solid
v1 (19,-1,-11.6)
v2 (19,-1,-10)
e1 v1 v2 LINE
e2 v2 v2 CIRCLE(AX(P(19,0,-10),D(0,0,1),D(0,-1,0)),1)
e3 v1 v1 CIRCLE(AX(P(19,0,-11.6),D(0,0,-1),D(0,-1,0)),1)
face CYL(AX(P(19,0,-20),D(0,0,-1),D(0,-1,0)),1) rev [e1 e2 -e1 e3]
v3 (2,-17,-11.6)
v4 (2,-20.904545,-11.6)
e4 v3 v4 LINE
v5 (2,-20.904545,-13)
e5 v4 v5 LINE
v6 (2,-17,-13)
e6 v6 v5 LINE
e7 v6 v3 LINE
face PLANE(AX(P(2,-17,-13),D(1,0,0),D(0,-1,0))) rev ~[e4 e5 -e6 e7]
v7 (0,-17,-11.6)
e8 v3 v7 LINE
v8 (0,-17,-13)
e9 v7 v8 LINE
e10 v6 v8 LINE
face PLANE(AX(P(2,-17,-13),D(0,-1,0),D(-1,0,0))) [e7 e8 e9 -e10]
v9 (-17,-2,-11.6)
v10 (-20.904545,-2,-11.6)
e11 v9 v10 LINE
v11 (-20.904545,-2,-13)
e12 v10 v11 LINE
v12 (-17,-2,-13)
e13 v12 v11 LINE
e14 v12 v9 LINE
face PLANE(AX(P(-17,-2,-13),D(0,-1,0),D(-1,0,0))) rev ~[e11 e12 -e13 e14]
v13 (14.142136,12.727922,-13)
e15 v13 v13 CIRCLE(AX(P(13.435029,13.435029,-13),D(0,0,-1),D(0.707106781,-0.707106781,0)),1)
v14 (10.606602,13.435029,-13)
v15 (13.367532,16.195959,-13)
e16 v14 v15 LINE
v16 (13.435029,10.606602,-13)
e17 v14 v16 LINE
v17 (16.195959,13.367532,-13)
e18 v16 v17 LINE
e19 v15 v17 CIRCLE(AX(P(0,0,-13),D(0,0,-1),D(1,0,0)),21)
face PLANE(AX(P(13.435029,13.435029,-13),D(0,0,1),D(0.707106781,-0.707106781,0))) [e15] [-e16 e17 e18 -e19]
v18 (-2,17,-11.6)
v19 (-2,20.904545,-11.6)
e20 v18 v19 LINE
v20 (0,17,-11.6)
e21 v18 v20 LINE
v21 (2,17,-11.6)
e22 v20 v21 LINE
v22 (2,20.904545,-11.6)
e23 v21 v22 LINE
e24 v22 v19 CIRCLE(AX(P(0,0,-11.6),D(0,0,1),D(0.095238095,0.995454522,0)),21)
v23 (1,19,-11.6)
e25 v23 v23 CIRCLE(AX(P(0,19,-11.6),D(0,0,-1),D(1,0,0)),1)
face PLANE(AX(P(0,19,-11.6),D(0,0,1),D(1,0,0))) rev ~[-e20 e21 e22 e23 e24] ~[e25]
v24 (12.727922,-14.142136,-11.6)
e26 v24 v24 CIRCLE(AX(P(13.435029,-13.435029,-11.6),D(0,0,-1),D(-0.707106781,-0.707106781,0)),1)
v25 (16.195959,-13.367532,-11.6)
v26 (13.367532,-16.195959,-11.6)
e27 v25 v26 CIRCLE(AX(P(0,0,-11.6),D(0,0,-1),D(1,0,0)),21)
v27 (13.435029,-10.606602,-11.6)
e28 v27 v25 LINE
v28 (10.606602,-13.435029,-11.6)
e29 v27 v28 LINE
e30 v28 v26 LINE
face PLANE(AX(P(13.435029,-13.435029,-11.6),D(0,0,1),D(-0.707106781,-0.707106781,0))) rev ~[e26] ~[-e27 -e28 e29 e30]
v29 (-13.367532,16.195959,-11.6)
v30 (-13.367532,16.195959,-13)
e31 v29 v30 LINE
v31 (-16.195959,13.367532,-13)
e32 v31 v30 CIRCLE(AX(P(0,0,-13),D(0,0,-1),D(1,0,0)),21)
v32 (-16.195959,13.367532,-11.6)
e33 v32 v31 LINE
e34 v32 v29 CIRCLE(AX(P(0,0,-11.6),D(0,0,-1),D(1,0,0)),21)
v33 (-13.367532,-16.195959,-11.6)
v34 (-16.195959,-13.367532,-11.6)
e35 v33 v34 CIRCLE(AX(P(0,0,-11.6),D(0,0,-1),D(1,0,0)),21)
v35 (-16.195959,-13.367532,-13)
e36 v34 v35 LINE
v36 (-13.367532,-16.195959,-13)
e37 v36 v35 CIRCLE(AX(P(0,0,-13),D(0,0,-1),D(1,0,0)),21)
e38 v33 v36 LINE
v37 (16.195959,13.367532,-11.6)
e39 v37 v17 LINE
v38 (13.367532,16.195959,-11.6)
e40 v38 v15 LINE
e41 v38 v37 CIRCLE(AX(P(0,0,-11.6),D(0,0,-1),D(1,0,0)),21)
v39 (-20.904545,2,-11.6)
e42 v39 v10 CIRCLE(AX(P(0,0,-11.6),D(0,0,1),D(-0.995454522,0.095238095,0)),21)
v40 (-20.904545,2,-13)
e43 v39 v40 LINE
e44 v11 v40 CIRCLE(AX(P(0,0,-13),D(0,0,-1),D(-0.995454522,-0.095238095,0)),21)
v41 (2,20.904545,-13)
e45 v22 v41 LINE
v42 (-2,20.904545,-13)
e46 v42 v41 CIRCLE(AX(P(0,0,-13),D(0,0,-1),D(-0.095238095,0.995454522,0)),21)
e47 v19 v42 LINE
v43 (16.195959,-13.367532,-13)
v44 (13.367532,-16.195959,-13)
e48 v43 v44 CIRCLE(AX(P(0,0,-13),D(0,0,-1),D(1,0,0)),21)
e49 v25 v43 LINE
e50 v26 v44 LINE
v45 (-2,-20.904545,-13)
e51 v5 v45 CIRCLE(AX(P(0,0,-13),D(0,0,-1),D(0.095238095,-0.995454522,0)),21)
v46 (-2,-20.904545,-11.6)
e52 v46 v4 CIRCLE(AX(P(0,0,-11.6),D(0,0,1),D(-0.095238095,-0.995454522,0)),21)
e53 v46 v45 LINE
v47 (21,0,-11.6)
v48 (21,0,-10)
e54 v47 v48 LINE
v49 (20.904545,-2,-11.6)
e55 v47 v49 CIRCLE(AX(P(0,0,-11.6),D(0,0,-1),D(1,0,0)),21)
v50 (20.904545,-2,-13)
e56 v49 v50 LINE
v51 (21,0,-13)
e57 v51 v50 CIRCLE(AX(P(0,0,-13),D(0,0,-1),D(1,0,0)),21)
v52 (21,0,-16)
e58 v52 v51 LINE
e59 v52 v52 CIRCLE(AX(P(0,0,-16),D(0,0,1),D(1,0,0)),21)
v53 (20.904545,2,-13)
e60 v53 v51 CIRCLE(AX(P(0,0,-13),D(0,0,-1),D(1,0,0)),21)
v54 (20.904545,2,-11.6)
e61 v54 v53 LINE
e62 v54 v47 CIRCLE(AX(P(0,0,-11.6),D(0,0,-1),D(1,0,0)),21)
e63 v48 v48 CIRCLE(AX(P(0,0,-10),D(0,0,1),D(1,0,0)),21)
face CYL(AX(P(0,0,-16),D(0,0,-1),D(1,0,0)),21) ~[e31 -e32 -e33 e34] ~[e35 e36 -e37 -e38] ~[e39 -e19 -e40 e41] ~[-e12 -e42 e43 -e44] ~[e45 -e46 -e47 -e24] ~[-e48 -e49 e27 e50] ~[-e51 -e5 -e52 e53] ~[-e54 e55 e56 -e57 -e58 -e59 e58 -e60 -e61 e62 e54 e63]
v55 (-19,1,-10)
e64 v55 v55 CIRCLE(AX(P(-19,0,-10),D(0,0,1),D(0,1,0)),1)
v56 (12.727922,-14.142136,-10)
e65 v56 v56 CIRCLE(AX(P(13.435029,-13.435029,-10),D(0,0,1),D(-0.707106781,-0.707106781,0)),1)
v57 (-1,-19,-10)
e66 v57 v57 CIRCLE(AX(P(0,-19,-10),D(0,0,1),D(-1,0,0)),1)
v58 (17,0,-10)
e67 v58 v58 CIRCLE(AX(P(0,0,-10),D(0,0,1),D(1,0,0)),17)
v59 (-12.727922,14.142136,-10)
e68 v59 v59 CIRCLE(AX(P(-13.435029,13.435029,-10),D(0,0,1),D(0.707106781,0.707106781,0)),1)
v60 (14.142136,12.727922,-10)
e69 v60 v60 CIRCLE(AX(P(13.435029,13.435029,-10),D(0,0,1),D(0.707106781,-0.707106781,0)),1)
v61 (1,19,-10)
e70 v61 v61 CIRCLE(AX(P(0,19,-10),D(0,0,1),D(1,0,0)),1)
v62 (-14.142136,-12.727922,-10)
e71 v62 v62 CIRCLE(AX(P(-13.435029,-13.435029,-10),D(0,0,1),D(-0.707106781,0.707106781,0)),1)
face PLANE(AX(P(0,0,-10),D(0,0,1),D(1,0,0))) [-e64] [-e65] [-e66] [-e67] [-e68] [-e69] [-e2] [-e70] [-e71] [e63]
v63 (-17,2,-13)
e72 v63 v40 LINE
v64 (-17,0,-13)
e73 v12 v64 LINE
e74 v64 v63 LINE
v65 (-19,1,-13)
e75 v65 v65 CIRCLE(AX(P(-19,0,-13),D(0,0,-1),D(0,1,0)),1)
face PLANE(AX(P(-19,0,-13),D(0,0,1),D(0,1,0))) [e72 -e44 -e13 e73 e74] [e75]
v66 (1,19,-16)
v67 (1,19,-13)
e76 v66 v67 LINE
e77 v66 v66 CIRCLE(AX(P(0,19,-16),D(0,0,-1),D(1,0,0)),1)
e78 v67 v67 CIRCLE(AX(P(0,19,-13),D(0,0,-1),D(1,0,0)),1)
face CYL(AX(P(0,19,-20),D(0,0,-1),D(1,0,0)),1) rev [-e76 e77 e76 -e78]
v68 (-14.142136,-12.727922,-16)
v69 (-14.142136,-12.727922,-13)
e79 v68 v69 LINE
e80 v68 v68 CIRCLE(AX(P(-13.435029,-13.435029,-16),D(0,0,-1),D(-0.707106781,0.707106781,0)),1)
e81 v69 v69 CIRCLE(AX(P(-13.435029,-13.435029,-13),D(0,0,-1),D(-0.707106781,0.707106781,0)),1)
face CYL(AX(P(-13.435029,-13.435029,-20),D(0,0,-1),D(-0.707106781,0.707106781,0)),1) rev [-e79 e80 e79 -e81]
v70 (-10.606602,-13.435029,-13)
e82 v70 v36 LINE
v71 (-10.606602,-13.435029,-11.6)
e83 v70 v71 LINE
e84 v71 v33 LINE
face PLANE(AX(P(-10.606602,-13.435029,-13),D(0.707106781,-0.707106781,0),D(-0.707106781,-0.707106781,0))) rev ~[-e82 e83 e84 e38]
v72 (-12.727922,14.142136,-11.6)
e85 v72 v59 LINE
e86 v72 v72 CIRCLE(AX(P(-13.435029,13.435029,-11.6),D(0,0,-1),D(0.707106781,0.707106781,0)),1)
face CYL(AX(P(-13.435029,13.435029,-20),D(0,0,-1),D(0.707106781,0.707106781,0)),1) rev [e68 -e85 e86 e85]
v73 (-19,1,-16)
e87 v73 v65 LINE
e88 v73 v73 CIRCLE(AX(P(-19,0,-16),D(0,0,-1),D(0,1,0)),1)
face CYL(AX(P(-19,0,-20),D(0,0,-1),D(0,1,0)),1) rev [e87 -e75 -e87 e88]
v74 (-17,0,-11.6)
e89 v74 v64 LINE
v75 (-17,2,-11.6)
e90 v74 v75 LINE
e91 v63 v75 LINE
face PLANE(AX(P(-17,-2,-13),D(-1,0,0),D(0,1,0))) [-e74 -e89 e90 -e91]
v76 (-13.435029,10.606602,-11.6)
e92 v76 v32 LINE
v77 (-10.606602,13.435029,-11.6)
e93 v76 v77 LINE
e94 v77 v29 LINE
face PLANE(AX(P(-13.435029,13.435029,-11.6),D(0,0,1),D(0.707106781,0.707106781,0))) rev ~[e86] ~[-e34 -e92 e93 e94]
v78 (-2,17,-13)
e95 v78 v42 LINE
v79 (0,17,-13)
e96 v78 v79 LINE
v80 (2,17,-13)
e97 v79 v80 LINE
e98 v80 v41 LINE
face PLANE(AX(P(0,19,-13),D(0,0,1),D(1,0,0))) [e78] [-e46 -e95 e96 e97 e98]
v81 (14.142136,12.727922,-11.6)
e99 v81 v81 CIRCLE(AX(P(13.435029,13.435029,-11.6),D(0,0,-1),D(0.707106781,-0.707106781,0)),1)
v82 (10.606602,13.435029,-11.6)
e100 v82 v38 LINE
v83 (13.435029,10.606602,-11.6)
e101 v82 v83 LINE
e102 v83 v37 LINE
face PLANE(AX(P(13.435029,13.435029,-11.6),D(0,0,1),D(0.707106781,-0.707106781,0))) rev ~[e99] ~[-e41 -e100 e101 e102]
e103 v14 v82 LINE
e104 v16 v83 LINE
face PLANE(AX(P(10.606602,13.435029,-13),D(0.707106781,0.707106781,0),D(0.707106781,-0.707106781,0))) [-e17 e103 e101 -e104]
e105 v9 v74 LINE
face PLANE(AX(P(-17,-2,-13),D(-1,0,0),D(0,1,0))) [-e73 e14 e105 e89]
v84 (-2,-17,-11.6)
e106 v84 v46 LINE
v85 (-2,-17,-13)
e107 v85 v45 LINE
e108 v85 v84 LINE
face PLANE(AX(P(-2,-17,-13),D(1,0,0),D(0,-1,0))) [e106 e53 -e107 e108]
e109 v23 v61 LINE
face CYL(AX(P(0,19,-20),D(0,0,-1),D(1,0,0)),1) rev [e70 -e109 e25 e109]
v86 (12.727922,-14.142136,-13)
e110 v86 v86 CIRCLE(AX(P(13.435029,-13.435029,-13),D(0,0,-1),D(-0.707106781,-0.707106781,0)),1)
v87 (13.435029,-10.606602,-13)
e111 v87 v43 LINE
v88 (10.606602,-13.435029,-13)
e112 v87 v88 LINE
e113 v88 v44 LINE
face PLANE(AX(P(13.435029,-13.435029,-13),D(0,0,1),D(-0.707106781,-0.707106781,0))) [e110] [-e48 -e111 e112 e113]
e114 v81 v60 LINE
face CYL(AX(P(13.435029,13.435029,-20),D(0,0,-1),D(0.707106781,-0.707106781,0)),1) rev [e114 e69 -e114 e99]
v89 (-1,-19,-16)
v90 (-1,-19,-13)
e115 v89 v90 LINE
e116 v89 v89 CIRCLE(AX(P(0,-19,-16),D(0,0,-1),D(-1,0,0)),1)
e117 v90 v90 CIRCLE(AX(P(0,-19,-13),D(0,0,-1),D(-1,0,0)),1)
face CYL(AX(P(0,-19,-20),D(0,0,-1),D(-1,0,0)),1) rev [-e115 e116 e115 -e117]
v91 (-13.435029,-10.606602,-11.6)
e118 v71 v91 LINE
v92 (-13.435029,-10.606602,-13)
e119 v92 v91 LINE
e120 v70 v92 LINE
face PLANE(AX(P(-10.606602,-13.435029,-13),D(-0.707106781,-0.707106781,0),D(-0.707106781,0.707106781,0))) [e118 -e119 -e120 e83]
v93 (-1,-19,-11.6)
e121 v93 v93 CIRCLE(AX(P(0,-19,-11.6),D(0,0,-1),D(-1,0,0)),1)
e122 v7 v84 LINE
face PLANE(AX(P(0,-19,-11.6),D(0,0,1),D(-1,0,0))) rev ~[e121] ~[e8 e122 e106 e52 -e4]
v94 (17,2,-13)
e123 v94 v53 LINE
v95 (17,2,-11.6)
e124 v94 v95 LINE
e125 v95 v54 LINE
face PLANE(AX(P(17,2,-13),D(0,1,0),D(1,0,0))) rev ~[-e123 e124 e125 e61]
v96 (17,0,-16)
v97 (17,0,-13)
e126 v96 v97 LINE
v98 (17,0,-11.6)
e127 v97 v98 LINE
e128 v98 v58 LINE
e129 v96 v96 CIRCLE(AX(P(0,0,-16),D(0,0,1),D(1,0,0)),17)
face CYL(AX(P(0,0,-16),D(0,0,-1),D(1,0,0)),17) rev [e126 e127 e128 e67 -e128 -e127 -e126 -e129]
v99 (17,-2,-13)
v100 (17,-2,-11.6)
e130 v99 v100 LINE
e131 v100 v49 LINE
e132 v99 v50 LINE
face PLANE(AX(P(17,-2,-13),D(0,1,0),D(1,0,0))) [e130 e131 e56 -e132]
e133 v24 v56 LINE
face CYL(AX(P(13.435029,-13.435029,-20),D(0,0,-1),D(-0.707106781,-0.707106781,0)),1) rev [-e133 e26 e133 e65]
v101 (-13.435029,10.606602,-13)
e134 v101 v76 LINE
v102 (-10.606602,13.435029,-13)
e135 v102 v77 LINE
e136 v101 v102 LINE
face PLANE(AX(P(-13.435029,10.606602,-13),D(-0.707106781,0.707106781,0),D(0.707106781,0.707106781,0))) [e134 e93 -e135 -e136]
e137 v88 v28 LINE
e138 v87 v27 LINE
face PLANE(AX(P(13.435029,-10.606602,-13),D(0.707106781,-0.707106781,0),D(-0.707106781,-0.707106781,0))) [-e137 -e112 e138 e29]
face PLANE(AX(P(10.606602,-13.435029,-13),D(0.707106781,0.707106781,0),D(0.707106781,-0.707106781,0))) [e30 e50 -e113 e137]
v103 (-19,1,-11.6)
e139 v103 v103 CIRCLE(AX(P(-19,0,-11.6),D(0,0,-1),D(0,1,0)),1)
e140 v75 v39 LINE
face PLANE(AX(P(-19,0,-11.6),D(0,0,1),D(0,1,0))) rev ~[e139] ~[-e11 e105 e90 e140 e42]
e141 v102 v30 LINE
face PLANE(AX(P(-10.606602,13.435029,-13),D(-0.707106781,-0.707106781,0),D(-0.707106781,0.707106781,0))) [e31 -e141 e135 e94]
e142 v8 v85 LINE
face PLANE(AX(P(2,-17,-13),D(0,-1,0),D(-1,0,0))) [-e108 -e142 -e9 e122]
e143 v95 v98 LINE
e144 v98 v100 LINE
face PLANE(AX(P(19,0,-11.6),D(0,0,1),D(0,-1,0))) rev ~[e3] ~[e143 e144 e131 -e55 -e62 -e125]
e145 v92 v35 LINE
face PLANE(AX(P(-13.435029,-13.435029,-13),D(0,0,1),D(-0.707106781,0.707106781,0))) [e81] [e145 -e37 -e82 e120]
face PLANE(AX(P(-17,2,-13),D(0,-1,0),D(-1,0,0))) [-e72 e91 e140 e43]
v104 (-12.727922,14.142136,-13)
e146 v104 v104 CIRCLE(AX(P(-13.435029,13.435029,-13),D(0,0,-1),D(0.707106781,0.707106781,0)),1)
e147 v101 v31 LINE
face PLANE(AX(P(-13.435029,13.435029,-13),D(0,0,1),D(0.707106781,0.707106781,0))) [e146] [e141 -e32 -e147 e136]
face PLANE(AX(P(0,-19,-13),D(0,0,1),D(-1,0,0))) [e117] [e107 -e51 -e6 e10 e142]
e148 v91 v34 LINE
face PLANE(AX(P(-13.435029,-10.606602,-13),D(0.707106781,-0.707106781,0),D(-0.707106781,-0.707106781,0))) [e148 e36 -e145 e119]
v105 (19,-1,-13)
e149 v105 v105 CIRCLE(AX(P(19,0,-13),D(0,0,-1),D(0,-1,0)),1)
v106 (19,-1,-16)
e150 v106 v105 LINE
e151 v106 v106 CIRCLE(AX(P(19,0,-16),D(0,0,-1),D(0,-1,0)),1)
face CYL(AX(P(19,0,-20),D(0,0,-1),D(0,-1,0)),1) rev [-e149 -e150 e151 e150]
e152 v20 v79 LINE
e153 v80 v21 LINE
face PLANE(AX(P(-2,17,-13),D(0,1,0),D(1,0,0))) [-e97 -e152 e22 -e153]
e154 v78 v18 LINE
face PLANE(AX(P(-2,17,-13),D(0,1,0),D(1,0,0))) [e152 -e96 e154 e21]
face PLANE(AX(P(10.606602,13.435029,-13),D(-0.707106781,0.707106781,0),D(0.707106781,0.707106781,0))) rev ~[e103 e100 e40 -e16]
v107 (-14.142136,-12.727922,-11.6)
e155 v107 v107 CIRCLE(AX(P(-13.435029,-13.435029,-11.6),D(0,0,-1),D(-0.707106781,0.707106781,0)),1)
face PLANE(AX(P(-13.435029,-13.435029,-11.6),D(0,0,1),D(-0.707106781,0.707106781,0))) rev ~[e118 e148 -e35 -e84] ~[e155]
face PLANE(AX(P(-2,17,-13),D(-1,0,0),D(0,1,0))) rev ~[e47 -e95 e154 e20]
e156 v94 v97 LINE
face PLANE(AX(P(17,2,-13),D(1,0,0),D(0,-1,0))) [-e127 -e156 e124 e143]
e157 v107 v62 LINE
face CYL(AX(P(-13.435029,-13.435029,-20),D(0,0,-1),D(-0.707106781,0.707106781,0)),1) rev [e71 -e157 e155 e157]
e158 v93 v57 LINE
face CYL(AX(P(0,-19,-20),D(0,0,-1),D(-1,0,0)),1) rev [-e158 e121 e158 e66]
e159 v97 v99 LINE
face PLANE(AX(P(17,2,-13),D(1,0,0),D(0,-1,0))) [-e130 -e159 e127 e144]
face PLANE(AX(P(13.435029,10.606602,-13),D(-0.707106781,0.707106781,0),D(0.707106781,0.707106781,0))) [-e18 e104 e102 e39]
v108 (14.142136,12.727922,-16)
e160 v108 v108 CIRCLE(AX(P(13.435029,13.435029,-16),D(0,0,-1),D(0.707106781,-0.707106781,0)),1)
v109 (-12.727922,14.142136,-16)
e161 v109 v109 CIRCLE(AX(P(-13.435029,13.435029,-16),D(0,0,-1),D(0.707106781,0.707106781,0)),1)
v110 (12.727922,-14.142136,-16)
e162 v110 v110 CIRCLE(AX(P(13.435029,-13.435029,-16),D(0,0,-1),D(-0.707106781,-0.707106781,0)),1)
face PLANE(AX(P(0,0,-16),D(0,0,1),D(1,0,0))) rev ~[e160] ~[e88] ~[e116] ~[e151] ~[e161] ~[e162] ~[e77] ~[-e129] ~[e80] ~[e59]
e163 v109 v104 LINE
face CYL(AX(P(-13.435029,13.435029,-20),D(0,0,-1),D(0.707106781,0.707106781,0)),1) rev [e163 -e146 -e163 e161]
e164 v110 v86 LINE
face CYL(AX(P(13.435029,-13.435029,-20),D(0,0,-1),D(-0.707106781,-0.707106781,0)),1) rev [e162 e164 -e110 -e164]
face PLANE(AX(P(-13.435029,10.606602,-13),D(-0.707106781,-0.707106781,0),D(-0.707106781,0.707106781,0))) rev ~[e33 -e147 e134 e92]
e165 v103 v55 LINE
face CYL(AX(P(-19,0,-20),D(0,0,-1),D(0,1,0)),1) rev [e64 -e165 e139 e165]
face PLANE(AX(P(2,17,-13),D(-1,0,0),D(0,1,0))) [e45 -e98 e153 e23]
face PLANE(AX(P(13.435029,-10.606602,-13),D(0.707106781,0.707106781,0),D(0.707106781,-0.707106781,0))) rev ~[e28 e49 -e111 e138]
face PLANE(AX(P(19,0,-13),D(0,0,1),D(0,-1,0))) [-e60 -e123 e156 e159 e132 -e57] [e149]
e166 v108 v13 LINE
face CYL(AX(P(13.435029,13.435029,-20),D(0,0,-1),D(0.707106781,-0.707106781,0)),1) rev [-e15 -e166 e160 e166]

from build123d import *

# Parameters (mm, degrees)
CYLINDER2767_R               = 1
CYLINDER2767_DEPTH           = 10
CYLINDER2767_PLACEMENT_ANGLE = 45
CYLINDER2768_R               = 1
CYLINDER2768_DEPTH           = 10
CYLINDER2769_R               = 1
CYLINDER2769_DEPTH           = 10
CYLINDER2769_PLACEMENT_ANGLE = 135
CYLINDER2770_R               = 1
CYLINDER2770_DEPTH           = 10
CYLINDER2771_R               = 1
CYLINDER2771_DEPTH           = 10
CYLINDER2771_PLACEMENT_ANGLE = 225
CYLINDER2772_R               = 1
CYLINDER2772_DEPTH           = 10
CYLINDER2773_R               = 1
CYLINDER2773_DEPTH           = 10
CYLINDER2773_PLACEMENT_ANGLE = 45
CYLINDER2766_R               = 1
CYLINDER2766_DEPTH           = 10
BOX961_W                     = 4
BOX961_H                     = 4
BOX961_DEPTH                 = 1.4
BOX961_PLACEMENT_ANGLE       = 45
BOX964_W                     = 4
BOX964_H                     = 4
BOX964_DEPTH                 = 1.4
BOX962_W                     = 4
BOX962_H                     = 4
BOX962_DEPTH                 = 1.4
BOX962_PLACEMENT_ANGLE       = 135
BOX963_W                     = 4
BOX963_H                     = 4
BOX963_DEPTH                 = 1.4
BOX965_W                     = 4
BOX965_H                     = 4
BOX965_DEPTH                 = 1.4
BOX965_PLACEMENT_ANGLE       = 225
BOX967_W                     = 4
BOX967_H                     = 4
BOX967_DEPTH                 = 1.4
BOX966_W                     = 4
BOX966_H                     = 4
BOX966_DEPTH                 = 1.4
BOX966_PLACEMENT_ANGLE       = 45
BOX960_W                     = 4
BOX960_H                     = 4
BOX960_DEPTH                 = 1.4
TUBE135_R                    = 21
TUBE135_R_2                  = 17
TUBE135_DEPTH                = 6


with BuildPart() as v_lec2737:
    # Cylinder2767 → Cylinder2767 (new body)
    with BuildSketch(Plane.XY):
        Circle(CYLINDER2767_R)
    extrude(amount=CYLINDER2767_DEPTH)


with BuildPart() as v_lec2737_1:
    # Cylinder2767 placement: moved
    add(v_lec2737.part.moved(Location((-13.435029, 13.435029, -20))).rotate(Axis((-13.435029, 13.435029, -20), (0, 0, 1)), CYLINDER2767_PLACEMENT_ANGLE))


with BuildPart() as v_lec2738:
    # Cylinder2768 → Cylinder2768 (new body)
    with BuildSketch(Plane(origin=(-19, 0, -20), x_dir=(0, 1, 0), z_dir=(0, 0, 1))):
        Circle(CYLINDER2768_R)
    extrude(amount=CYLINDER2768_DEPTH)


with BuildPart() as v_lec2739:
    # Cylinder2769 → Cylinder2769 (new body)
    with BuildSketch(Plane.XY):
        Circle(CYLINDER2769_R)
    extrude(amount=CYLINDER2769_DEPTH)


with BuildPart() as v_lec2739_1:
    # Cylinder2769 placement: moved
    add(v_lec2739.part.moved(Location((-13.435029, -13.435029, -20))).rotate(Axis((-13.435029, -13.435029, -20), (0, 0, 1)), CYLINDER2769_PLACEMENT_ANGLE))


with BuildPart() as v_lec2740:
    # Cylinder2770 → Cylinder2770 (new body)
    with BuildSketch(Plane(origin=(0, -19, -20), x_dir=(-1, 0, 0), z_dir=(0, 0, 1))):
        Circle(CYLINDER2770_R)
    extrude(amount=CYLINDER2770_DEPTH)


with BuildPart() as v_lec2741:
    # Cylinder2771 → Cylinder2771 (new body)
    with BuildSketch(Plane.XY):
        Circle(CYLINDER2771_R)
    extrude(amount=CYLINDER2771_DEPTH)


with BuildPart() as v_lec2741_1:
    # Cylinder2771 placement: moved
    add(v_lec2741.part.moved(Location((13.435029, -13.435029, -20))).rotate(Axis((13.435029, -13.435029, -20), (0, 0, 1)), CYLINDER2771_PLACEMENT_ANGLE))


with BuildPart() as v_lec2742:
    # Cylinder2772 → Cylinder2772 (new body)
    with BuildSketch(Plane(origin=(19, 0, -20), x_dir=(0, -1, 0), z_dir=(0, 0, 1))):
        Circle(CYLINDER2772_R)
    extrude(amount=CYLINDER2772_DEPTH)


with BuildPart() as v_lec2743:
    # Cylinder2773 → Cylinder2773 (new body)
    with BuildSketch(Plane.XY):
        Circle(CYLINDER2773_R)
    extrude(amount=CYLINDER2773_DEPTH)


with BuildPart() as v_lec2743_1:
    # Cylinder2773 placement: moved
    add(v_lec2743.part.moved(Location((13.435029, 13.435029, -20))).rotate(Axis((13.435029, 13.435029, -20), (0, 0, -1)), CYLINDER2773_PLACEMENT_ANGLE))


with BuildPart() as compound1237:
    # Cylinder2766 → Cylinder2766 (new body)
    with BuildSketch(Plane(origin=(0, 19, -20), x_dir=(1, 0, 0), z_dir=(0, 0, 1))):
        Circle(CYLINDER2766_R)
    extrude(amount=CYLINDER2766_DEPTH)

    # Compound1237: union Válec2737, Válec2738, Válec2739, Válec2740, Válec2741, Válec2742, Válec2743
    add(v_lec2737_1.part)
    add(v_lec2738.part)
    add(v_lec2739_1.part)
    add(v_lec2740.part)
    add(v_lec2741_1.part)
    add(v_lec2742.part)
    add(v_lec2743_1.part)


with BuildPart() as krychle960:
    # Box961 → Box961 (new body)
    with BuildSketch(Plane.XY):
        with Locations((2, 2)):
            Rectangle(BOX961_W, BOX961_H)
    extrude(amount=BOX961_DEPTH)


with BuildPart() as krychle960_1:
    # Box961 placement: moved
    add(krychle960.part.moved(Location((-13.435029, 10.606602, -13))).rotate(Axis((-13.435029, 10.606602, -13), (0, 0, 1)), BOX961_PLACEMENT_ANGLE))


with BuildPart() as krychle963:
    # Box964 → Box964 (new body)
    with BuildSketch(Plane(origin=(-17, -2, -13), x_dir=(0, 1, 0), z_dir=(0, 0, 1))):
        with Locations((2, 2)):
            Rectangle(BOX964_W, BOX964_H)
    extrude(amount=BOX964_DEPTH)


with BuildPart() as krychle961:
    # Box962 → Box962 (new body)
    with BuildSketch(Plane.XY):
        with Locations((2, 2)):
            Rectangle(BOX962_W, BOX962_H)
    extrude(amount=BOX962_DEPTH)


with BuildPart() as krychle961_1:
    # Box962 placement: moved
    add(krychle961.part.moved(Location((-10.606602, -13.435029, -13))).rotate(Axis((-10.606602, -13.435029, -13), (0, 0, 1)), BOX962_PLACEMENT_ANGLE))


with BuildPart() as krychle962:
    # Box963 → Box963 (new body)
    with BuildSketch(Plane(origin=(2, -17, -13), x_dir=(-1, 0, 0), z_dir=(0, 0, 1))):
        with Locations((2, 2)):
            Rectangle(BOX963_W, BOX963_H)
    extrude(amount=BOX963_DEPTH)


with BuildPart() as krychle964:
    # Box965 → Box965 (new body)
    with BuildSketch(Plane.XY):
        with Locations((2, 2)):
            Rectangle(BOX965_W, BOX965_H)
    extrude(amount=BOX965_DEPTH)


with BuildPart() as krychle964_1:
    # Box965 placement: moved
    add(krychle964.part.moved(Location((13.435029, -10.606602, -13))).rotate(Axis((13.435029, -10.606602, -13), (0, 0, 1)), BOX965_PLACEMENT_ANGLE))


with BuildPart() as krychle966:
    # Box967 → Box967 (new body)
    with BuildSketch(Plane(origin=(17, 2, -13), x_dir=(0, -1, 0), z_dir=(0, 0, 1))):
        with Locations((2, 2)):
            Rectangle(BOX967_W, BOX967_H)
    extrude(amount=BOX967_DEPTH)


with BuildPart() as krychle965:
    # Box966 → Box966 (new body)
    with BuildSketch(Plane.XY):
        with Locations((2, 2)):
            Rectangle(BOX966_W, BOX966_H)
    extrude(amount=BOX966_DEPTH)


with BuildPart() as krychle965_1:
    # Box966 placement: moved
    add(krychle965.part.moved(Location((10.606602, 13.435029, -13))).rotate(Axis((10.606602, 13.435029, -13), (0, 0, -1)), BOX966_PLACEMENT_ANGLE))


with BuildPart() as compound1236:
    # Box960 → Box960 (new body)
    with BuildSketch(Plane(origin=(-2, 17, -13), x_dir=(1, 0, 0), z_dir=(0, 0, 1))):
        with Locations((2, 2)):
            Rectangle(BOX960_W, BOX960_H)
    extrude(amount=BOX960_DEPTH)

    # Compound1236: union Krychle960, Krychle963, Krychle961, Krychle962, Krychle964, Krychle966, Krychle965
    add(krychle960_1.part)
    add(krychle963.part)
    add(krychle961_1.part)
    add(krychle962.part)
    add(krychle964_1.part)
    add(krychle966.part)
    add(krychle965_1.part)


with BuildPart() as cut1045:
    # Tube135 → Tube135 (new body)
    with BuildSketch(Plane.XY.offset(-16)):
        Circle(TUBE135_R)
        Circle(TUBE135_R_2, mode=Mode.SUBTRACT)
    extrude(amount=TUBE135_DEPTH)

    # Cut1044: cut Compound1236
    add(compound1236.part, mode=Mode.SUBTRACT)

    # Cut1045: cut Compound1237
    add(compound1237.part, mode=Mode.SUBTRACT)


solid = cut1045.part
